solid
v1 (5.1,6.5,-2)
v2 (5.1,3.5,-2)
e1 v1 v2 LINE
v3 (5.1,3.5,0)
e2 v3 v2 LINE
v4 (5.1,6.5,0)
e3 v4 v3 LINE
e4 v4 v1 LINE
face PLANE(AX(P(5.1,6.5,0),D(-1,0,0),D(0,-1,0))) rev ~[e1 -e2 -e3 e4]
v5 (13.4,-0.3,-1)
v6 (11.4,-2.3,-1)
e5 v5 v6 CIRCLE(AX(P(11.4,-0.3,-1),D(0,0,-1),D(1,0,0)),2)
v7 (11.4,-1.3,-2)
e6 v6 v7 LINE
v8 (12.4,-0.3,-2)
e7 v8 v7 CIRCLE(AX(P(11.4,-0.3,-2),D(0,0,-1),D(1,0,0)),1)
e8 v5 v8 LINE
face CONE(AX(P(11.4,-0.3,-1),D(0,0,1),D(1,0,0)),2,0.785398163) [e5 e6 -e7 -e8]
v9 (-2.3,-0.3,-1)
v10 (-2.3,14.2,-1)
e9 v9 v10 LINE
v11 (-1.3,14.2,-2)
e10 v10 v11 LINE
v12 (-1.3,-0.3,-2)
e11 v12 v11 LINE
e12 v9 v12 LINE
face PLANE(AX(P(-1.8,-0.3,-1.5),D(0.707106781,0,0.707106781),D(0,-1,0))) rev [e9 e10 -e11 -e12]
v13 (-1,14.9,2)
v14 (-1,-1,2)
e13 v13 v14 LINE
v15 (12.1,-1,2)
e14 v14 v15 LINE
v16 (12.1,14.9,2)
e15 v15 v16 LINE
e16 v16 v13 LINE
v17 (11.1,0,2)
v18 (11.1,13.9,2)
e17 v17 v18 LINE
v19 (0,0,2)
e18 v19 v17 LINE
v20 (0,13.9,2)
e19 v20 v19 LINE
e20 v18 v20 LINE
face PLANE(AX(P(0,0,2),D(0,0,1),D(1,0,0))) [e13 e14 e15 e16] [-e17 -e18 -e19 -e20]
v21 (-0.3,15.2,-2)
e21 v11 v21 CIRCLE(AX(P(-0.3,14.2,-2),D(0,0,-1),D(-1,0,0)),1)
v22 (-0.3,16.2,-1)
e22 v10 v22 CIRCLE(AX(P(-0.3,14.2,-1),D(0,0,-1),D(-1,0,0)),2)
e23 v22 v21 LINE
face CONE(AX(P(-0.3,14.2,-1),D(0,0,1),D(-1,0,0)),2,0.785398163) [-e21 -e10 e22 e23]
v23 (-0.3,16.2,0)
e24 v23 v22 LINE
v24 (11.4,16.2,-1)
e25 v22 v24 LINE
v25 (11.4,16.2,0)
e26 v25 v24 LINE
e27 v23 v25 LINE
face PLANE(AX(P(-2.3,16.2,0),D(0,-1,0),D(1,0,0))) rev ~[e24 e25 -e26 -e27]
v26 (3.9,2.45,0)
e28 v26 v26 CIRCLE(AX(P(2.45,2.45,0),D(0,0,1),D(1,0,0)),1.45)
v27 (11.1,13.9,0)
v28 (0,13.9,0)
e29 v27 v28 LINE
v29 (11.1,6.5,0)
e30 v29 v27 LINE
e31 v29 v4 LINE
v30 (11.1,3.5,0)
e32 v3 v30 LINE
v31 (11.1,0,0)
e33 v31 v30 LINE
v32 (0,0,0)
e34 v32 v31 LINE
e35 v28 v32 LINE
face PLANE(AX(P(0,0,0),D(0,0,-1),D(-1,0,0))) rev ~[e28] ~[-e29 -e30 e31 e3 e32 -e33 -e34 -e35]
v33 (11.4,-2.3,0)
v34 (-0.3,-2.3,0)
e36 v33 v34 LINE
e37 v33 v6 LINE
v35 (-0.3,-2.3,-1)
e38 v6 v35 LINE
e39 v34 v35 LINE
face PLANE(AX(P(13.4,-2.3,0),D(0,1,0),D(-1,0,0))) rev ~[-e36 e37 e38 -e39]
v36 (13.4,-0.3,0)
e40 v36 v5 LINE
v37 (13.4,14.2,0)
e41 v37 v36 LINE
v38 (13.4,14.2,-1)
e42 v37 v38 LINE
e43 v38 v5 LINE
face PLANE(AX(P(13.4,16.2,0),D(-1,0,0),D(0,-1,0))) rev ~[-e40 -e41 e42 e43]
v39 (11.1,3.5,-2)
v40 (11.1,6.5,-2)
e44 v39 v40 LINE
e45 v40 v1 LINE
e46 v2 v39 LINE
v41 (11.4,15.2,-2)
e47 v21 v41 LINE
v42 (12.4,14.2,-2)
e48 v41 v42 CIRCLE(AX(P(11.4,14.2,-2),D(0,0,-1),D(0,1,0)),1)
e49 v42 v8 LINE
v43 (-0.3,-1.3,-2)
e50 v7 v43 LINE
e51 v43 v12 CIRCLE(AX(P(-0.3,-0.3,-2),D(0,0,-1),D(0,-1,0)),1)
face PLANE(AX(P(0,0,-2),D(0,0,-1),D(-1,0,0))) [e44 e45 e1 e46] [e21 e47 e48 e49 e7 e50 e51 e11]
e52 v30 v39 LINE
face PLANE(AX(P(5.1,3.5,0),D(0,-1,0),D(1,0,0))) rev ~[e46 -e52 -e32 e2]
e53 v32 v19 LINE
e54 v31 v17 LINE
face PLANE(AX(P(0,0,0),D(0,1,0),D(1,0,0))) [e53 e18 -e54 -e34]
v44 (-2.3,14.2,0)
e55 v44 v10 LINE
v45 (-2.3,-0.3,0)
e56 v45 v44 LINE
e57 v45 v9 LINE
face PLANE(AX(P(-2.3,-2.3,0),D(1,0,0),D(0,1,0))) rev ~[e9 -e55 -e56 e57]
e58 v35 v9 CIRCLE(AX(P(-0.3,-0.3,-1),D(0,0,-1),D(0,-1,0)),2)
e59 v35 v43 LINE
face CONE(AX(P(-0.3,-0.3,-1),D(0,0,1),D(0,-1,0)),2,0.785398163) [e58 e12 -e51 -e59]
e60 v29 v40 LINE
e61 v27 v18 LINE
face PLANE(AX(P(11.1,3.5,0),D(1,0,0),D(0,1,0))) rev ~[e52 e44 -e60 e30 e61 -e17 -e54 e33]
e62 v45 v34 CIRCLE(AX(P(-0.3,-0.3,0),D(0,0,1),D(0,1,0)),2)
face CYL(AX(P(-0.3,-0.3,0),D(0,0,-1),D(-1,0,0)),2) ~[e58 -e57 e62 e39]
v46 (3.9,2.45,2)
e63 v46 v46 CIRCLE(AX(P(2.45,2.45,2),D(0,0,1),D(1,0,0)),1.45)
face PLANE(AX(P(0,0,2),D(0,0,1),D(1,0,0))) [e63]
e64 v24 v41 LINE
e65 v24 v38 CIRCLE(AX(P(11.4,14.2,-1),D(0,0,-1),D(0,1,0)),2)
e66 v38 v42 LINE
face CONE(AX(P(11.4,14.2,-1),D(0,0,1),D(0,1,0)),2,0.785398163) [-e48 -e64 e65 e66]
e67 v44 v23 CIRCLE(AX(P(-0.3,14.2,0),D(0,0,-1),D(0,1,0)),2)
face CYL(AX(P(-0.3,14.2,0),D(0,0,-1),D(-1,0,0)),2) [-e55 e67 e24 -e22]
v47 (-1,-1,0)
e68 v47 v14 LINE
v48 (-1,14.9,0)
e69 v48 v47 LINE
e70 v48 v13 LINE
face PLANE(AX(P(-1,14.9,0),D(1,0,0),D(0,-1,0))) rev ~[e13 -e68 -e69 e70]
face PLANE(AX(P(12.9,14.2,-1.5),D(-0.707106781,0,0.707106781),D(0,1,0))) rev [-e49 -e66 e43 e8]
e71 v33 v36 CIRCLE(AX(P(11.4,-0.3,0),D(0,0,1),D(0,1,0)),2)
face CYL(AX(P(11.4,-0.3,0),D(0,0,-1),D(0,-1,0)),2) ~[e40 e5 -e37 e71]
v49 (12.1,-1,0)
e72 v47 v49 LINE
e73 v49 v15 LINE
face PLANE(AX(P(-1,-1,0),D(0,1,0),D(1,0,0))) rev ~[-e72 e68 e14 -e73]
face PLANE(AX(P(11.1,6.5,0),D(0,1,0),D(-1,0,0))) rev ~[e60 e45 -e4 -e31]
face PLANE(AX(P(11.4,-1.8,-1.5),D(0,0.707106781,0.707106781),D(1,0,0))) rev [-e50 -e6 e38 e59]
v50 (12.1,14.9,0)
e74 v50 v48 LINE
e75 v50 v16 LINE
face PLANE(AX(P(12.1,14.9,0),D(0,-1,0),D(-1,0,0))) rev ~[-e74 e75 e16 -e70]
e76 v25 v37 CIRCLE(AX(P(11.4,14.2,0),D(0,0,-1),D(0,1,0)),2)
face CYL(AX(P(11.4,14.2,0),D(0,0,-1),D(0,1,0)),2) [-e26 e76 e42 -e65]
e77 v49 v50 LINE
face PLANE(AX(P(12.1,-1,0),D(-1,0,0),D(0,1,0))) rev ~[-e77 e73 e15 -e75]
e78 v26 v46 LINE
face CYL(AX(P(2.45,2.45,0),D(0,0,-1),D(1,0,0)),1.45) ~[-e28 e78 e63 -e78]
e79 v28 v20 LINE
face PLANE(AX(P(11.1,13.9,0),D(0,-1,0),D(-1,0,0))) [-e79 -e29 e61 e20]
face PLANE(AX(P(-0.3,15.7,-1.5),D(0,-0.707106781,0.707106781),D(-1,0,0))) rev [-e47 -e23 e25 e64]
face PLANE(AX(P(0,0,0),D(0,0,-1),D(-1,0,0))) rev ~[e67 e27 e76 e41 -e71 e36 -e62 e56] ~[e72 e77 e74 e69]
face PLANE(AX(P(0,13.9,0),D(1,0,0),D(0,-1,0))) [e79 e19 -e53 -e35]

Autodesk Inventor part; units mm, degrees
ref_plane "YZ Plane" through (0, 0, 0) normal (1, 0, 0) x (0, 1, 0)
ref_plane "XZ Plane" through (0, 0, 0) normal (0, 1, 0) x (-1, 0, 0)
ref_plane "XY Plane" through (0, 0, 0) normal (0, 0, 1) x (1, 0, 0)
sketch "Sketch1" plane through (0, 0, 0) normal (0, 0, 1) x (1, 0, 0)
  point P0 (0, 0)
sketch "Sketch2" plane through (0, 0, 0) normal (0, 0, 1) x (1, 0, 0)
  point P0 (0, 0)
sketch "Sketch3" plane through (0, 0, 0) normal (0, 0, 1) x (1, 0, 0)
  line L0 (0, 0) -> (11.1, 0)
  line L1 (11.1, 0) -> (11.1, 13.9)
  line L2 (11.1, 13.9) -> (0, 13.9)
  line L3 (0, 13.9) -> (0, 0)
  line L4 (-1, -1) -> (12.1, -1)
  line L5 (12.1, -1) -> (12.1, 14.9)
  line L6 (12.1, 14.9) -> (-1, 14.9)
  line L7 (-1, 14.9) -> (-1, -1)
  dimension "d0" = 13.9
  dimension "d1" = 11.1
  dimension "d7" = 1
extrude "Extrusion1" add sketch "Sketch3" along normal blind 2
sketch "Sketch5" plane through (0, 0, 0) normal (0, 0, -1) x (-1, 0, 0)
  line L0 (-12.1, 14.9) -> (1, 14.9) projected
  line L1 (-12.1, -1) -> (-12.1, 14.9) projected
  line L2 (1, 14.9) -> (1, -1) projected
  line L3 (1, -1) -> (-12.1, -1) projected
  line L4 (2.3, 16.2) -> (-13.4, 16.2)
  line L5 (-13.4, 16.2) -> (-13.4, -2.3)
  line L6 (-13.4, -2.3) -> (2.3, -2.3)
  line L7 (2.3, -2.3) -> (2.3, 16.2)
  point P0 (0, 0)
  dimension "d8" = 1.3
extrude "Extrusion2" add sketch "Sketch5" along normal blind 2 contours L0 L2 L3 L1 | L7 L6 L5 L4
sketch "Sketch6" plane through (0, 0, 0) normal (0, 0, 1) x (1, 0, 0)
  circle A0 centre (2.45, 2.45) radius 1.45
  line L0 (0, 0) -> (0, 13.9) projected
  line L1 (11.1, 0) -> (0, 0) projected
  dimension "d11" = 2.9
  dimension "d12" = 2.45
  dimension "d13" = 2.45
extrude "Extrusion3" add sketch "Sketch6" along normal blind 2
sketch "Sketch7" plane through (0, 0, 0) normal (0, 0, 1) x (1, 0, 0)
  line L0 (5.1, 3.5) -> (11.1, 3.5)
  line L1 (11.1, 3.5) -> (11.1, 6.5)
  line L2 (11.1, 6.5) -> (5.1, 6.5)
  line L3 (5.1, 6.5) -> (5.1, 3.5)
  line L4 (0, 0) -> (0, 13.9) projected
  line L5 (11.1, 0) -> (0, 0) projected
  line L6 (11.1, 13.9) -> (11.1, 0) projected
  dimension "d16" = 3
  dimension "d17" = 6
  dimension "d22" = 3.5
  dimension "d23" = 0
extrude "Extrusion4" cut sketch "Sketch7" against normal blind 2
fillet "Fillet1" radius 2 4 edges at (13.4, 16.2, -1) (-2.3, 16.2, -1) (13.4, -2.3, -1) (-2.3, -2.3, -1)
chamfer "Chamfer1" distance 1 angle 45 8 edges at (5.55, 16.2, -2) (12.8142, 15.6142, -2) (13.4, 6.95, -2) (12.8142, -1.7142, -2) (5.55, -2.3, -2) (-1.7142, -1.7142, -2) (-2.3, 6.95, -2) (-1.7142, 15.6142, -2)
equation "\"d13\" = d12"
properties part number "VL53L0X_cover"
